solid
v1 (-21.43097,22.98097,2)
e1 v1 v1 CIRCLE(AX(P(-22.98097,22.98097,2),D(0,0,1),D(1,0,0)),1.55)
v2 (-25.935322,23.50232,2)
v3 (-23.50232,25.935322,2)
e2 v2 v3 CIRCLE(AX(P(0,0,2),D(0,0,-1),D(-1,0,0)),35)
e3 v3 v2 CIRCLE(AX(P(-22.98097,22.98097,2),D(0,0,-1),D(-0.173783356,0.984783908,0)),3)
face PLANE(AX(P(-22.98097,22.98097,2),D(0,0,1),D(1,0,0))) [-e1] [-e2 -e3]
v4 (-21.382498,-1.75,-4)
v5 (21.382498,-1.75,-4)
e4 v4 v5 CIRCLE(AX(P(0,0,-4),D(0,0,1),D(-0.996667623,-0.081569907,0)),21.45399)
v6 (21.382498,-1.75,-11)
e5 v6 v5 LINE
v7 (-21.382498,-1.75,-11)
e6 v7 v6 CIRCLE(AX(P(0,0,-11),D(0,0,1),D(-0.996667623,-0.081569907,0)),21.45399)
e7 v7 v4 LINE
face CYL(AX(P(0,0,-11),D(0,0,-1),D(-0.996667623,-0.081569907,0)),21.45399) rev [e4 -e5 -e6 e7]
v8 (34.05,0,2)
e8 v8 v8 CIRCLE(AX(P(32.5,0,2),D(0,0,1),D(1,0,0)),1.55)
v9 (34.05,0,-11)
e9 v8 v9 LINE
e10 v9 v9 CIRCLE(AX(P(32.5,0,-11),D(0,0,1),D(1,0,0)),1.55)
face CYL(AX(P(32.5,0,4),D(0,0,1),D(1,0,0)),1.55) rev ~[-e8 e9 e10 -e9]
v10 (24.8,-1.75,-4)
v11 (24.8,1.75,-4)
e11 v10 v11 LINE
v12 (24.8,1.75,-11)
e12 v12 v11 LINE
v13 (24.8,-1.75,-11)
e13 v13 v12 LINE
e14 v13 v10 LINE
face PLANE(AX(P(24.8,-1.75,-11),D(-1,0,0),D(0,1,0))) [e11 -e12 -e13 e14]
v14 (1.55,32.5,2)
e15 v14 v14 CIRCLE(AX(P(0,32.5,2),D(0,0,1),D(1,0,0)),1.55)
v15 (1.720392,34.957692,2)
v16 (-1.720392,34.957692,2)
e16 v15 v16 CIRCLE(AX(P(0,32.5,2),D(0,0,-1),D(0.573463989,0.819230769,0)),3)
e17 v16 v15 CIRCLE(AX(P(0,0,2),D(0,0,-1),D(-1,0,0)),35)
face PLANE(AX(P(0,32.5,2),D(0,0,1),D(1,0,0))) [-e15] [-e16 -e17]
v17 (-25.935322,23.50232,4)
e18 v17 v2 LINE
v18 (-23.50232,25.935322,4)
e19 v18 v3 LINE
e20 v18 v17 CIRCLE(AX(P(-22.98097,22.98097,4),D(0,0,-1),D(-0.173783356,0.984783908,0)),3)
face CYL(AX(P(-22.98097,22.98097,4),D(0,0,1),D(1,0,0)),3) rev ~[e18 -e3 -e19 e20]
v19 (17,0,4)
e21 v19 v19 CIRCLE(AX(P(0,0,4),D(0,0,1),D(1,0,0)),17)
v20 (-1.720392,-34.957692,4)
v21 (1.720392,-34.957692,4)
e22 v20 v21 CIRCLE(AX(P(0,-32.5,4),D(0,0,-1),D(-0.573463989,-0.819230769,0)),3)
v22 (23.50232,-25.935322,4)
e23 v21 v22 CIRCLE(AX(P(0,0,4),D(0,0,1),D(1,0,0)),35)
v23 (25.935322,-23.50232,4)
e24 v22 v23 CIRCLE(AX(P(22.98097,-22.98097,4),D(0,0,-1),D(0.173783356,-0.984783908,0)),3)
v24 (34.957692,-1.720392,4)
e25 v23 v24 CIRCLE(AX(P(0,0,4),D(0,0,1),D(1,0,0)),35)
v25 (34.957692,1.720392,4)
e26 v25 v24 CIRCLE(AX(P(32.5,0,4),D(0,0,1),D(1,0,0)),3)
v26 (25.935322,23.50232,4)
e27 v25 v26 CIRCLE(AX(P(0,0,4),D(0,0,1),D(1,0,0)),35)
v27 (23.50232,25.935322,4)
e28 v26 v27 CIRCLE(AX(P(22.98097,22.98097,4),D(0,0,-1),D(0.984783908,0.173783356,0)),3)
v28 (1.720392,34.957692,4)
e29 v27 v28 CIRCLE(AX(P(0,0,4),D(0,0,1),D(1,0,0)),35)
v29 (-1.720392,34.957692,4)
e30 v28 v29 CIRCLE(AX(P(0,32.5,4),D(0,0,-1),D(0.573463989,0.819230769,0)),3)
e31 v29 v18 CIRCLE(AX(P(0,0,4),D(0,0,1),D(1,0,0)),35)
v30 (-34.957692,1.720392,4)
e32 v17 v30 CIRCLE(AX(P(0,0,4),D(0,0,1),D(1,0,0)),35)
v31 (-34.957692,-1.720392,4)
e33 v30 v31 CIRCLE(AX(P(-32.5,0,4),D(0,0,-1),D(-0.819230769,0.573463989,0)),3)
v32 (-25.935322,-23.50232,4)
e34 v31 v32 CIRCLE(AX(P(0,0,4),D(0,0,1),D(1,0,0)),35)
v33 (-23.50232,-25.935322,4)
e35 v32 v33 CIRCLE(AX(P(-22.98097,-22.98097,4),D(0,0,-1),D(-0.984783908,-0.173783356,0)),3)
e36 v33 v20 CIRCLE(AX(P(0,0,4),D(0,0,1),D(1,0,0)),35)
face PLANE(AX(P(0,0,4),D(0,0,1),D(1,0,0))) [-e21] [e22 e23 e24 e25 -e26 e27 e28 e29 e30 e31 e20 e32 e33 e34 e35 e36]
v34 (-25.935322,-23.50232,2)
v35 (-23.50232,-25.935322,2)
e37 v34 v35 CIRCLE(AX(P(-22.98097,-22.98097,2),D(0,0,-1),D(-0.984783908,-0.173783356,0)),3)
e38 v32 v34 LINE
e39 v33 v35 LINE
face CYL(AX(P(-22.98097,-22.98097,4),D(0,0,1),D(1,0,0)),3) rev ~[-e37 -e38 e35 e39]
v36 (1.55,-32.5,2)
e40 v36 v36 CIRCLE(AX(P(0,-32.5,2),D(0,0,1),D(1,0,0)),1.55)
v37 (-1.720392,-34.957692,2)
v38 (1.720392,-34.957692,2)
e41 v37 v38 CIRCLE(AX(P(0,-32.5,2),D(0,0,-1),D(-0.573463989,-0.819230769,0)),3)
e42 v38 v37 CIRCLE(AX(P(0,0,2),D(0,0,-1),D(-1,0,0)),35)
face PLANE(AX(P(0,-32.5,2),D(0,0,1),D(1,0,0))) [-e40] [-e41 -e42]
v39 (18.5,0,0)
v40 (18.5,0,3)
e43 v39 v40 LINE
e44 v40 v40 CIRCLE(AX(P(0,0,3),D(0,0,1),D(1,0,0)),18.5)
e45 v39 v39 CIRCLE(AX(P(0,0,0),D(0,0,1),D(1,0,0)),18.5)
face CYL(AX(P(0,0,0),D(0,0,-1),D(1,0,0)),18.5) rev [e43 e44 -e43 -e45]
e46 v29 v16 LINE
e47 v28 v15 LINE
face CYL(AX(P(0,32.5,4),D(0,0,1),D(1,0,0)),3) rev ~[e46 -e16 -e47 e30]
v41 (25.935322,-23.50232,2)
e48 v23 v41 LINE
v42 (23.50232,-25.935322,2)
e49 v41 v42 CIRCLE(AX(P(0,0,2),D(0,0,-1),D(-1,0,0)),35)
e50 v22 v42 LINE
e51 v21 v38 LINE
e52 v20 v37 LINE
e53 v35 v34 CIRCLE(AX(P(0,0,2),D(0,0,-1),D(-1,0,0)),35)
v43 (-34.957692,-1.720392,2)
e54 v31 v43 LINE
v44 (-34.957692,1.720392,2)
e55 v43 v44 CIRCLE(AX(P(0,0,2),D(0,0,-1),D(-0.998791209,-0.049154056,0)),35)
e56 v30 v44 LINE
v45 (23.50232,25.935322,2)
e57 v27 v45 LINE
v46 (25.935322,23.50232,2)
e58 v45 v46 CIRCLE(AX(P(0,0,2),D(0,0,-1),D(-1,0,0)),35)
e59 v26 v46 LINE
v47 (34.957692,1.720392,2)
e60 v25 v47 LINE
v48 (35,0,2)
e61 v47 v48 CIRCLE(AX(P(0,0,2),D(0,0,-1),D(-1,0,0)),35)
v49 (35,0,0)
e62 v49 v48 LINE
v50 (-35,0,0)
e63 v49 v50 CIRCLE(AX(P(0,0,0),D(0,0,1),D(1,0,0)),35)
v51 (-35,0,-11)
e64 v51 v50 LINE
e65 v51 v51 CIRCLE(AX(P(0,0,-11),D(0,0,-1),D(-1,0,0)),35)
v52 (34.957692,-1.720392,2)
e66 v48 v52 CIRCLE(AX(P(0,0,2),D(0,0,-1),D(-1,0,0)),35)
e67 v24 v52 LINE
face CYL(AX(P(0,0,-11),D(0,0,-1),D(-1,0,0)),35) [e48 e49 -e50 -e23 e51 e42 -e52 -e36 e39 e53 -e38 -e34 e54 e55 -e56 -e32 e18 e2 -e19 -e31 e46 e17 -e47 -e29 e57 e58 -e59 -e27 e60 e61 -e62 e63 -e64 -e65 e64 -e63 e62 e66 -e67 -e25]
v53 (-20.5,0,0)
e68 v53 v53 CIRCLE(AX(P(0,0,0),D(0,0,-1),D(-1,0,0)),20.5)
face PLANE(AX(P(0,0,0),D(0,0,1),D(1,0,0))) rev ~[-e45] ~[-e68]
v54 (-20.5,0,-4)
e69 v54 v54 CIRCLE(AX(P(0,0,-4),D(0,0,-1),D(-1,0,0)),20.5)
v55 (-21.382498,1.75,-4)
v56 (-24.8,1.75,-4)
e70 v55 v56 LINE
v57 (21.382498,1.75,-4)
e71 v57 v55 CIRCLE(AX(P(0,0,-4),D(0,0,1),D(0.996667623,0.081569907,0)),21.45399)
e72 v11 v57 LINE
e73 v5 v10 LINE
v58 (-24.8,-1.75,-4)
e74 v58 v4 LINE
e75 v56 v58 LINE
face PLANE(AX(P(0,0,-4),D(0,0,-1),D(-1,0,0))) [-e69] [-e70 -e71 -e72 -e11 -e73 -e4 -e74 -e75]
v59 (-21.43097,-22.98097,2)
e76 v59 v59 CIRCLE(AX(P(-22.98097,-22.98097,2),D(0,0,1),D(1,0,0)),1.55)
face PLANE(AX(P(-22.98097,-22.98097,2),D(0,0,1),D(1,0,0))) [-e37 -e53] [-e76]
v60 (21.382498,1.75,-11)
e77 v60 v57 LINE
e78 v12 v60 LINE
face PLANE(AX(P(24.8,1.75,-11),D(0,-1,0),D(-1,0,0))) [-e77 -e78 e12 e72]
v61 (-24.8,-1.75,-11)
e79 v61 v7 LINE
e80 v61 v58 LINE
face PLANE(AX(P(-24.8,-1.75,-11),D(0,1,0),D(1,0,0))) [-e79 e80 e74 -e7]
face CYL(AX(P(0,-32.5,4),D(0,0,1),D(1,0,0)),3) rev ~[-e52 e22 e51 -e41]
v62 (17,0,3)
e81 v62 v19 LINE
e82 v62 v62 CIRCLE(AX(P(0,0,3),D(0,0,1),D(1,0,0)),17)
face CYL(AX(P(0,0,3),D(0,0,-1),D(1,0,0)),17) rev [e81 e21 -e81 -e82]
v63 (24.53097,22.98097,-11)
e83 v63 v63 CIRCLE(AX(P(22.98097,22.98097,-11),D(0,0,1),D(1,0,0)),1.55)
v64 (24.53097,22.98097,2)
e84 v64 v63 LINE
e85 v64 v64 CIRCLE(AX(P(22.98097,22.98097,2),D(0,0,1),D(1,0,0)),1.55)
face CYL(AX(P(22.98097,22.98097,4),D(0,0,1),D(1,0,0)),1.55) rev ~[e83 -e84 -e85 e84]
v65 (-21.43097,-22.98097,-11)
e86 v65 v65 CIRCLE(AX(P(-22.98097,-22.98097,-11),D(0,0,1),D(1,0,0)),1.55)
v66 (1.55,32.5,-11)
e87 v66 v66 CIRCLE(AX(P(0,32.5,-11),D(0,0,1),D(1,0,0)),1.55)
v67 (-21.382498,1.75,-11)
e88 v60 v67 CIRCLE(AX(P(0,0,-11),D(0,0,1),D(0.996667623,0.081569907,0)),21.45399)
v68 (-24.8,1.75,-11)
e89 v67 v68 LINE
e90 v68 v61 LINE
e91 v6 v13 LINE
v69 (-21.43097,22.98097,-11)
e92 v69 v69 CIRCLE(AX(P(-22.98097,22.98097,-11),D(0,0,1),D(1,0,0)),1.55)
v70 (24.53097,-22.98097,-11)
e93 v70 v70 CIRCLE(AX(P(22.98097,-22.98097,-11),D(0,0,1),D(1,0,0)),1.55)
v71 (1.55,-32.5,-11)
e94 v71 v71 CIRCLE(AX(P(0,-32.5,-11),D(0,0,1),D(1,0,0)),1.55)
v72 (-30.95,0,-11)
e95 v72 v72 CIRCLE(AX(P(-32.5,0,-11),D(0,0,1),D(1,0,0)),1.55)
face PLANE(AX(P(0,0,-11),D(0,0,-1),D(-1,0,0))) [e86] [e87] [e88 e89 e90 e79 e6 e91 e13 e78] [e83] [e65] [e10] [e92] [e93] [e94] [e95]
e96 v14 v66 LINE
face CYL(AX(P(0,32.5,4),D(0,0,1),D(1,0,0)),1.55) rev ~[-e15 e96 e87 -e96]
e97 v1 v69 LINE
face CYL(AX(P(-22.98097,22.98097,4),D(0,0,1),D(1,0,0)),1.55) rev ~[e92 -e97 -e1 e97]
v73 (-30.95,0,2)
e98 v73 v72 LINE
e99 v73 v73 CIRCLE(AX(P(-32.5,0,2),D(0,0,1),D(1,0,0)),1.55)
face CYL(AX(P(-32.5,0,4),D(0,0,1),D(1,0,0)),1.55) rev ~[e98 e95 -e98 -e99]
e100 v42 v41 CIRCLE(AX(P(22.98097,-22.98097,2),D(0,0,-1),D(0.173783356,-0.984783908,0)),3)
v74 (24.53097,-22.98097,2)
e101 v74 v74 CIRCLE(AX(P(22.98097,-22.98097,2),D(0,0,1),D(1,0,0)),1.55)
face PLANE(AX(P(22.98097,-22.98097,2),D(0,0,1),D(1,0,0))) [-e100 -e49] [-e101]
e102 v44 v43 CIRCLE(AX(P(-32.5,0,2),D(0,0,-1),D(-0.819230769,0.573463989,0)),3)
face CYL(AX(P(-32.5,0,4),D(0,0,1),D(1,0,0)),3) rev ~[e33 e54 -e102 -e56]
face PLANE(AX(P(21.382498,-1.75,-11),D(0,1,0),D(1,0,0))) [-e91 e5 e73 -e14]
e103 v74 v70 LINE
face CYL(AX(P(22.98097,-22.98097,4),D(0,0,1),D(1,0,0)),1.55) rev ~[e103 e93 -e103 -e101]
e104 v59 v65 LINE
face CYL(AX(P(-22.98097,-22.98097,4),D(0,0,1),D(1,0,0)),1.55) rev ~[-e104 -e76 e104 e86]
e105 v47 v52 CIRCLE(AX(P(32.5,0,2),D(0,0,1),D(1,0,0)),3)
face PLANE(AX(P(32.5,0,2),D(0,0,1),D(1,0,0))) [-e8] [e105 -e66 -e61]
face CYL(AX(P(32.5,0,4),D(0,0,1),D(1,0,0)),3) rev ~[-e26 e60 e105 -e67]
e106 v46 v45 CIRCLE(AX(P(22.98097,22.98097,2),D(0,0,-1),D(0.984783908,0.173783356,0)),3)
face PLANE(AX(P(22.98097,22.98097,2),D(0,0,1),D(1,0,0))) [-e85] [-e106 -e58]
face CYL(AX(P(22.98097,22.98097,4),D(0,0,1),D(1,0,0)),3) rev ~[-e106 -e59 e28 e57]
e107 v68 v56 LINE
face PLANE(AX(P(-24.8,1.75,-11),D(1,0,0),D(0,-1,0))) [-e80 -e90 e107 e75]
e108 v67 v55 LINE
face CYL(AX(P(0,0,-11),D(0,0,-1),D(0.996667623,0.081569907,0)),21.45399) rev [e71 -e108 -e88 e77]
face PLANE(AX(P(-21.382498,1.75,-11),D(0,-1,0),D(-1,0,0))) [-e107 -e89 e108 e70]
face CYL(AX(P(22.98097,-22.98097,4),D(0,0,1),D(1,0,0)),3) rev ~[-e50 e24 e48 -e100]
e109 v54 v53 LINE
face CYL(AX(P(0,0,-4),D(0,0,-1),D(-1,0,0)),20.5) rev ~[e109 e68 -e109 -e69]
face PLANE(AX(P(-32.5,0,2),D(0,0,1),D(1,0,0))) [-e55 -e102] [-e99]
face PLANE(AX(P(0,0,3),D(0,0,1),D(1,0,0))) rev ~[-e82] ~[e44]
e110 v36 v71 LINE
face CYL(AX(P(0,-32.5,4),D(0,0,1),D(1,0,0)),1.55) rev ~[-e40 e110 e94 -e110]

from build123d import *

# Parameters (mm, degrees)
SKETCH_1_R          = 35
SKETCH_1_R_2        = 18.5
EXTRUDE_1_DEPTH     = 3
SKETCH_5_R          = 35
SKETCH_5_R_2        = 17
EXTRUDE_3_DEPTH     = 1
EXTRUDE_START       = 4
SKETCH_7_R          = 35
SKETCH_7_R_2        = 21.45
EXTRUDE_4_DEPTH     = 4
EXTRUDE_START_2     = 7
SKETCH_9_R          = 35
EXTRUDE_6_DEPTH     = 7
SKETCH_12_R         = 1.55
CUT_EXTRUDE_1_DEPTH = 52.720402164
SKETCH_13_R         = 3
CUT_EXTRUDE_2_DEPTH = 2
SKETCH_15_R         = 1.55
CUT_EXTRUDE_3_DEPTH = 52.720402164
SKETCH_16_R         = 3
CUT_EXTRUDE_4_DEPTH = 2
SKETCH_17_R         = 21.45
SKETCH_17_R_2       = 20.5
EXTRUDE_7_DEPTH     = 4


with BuildPart() as part:
    # 草图1 → 凸台-拉伸1 (new body)
    with BuildSketch(Plane.XY):
        Circle(SKETCH_1_R)
        Circle(SKETCH_1_R_2, mode=Mode.SUBTRACT)
    extrude(amount=EXTRUDE_1_DEPTH)

    # 草图5 → 凸台-拉伸3 (add)
    with BuildSketch(Plane.XY.offset(3)):
        Circle(SKETCH_5_R)
        Circle(SKETCH_5_R_2, mode=Mode.SUBTRACT)
    extrude(amount=EXTRUDE_3_DEPTH)

    # 草图7 → 凸台-拉伸4 (add)
    with BuildSketch(Plane(origin=(0, 0, 0), x_dir=(-1, 0, 0), z_dir=(0, 0, -1)).offset(EXTRUDE_START)):
        Circle(SKETCH_7_R)
        Circle(SKETCH_7_R_2, mode=Mode.SUBTRACT)
    extrude(amount=-EXTRUDE_4_DEPTH)

    # 草图9 → 凸台-拉伸6 (add)
    with BuildSketch(Plane(origin=(0, 0, -4), x_dir=(-1, 0, 0), z_dir=(0, 0, -1)).offset(EXTRUDE_START_2)):
        Circle(SKETCH_9_R)
        with BuildLine():
            Line((24.8, 1.75), (24.8, 0))
            Line((24.8, 0), (24.8, -1.75))
            Line((24.8, -1.75), (21.382497565, -1.75))
            ThreePointArc((21.382497565, -1.75), (0, -21.453990354), (-21.382497565, -1.75))
            Line((-21.382497565, -1.75), (-24.8, -1.75))
            Line((-24.8, -1.75), (-24.8, 1.75))
            Line((-24.8, 1.75), (-21.382497565, 1.75))
            ThreePointArc((-21.382497565, 1.75), (0, 21.453990354), (21.382497565, 1.75))
            Line((21.382497565, 1.75), (24.8, 1.75))
        make_face(mode=Mode.SUBTRACT)
    extrude(amount=-EXTRUDE_6_DEPTH)

    # 草图12 → 切除-拉伸1 (cut, through all)
    with BuildSketch(Plane.XY.offset(4)):
        with Locations((0, 32.5)):
            Circle(SKETCH_12_R)
        with Locations((-32.5, 0)):
            Circle(SKETCH_12_R)
        with Locations((0, -32.5)):
            Circle(SKETCH_12_R)
        with Locations((32.5, 0)):
            Circle(SKETCH_12_R)
    extrude(amount=-CUT_EXTRUDE_1_DEPTH, mode=Mode.SUBTRACT)

    # 草图13 → 切除-拉伸2 (cut)
    with BuildSketch(Plane.XY.offset(4)):
        with Locations((0, 32.5)):
            Circle(SKETCH_13_R)
        with Locations((32.5, 0)):
            Circle(SKETCH_13_R)
        with Locations((0, -32.5)):
            Circle(SKETCH_13_R)
        with Locations((-32.5, 0)):
            Circle(SKETCH_13_R)
    extrude(amount=-CUT_EXTRUDE_2_DEPTH, mode=Mode.SUBTRACT)

    # 草图15 → 切除-拉伸3 (cut, through all)
    with BuildSketch(Plane.XY.offset(4)):
        with Locations((22.980970389, 22.980970389)):
            Circle(SKETCH_15_R)
        with Locations((22.980970389, -22.980970389)):
            Circle(SKETCH_15_R)
        with Locations((-22.980970389, -22.980970389)):
            Circle(SKETCH_15_R)
        with Locations((-22.980970389, 22.980970389)):
            Circle(SKETCH_15_R)
    extrude(amount=-CUT_EXTRUDE_3_DEPTH, mode=Mode.SUBTRACT)

    # 草图16 → 切除-拉伸4 (cut)
    with BuildSketch(Plane.XY.offset(4)):
        with Locations((22.980970389, 22.980970389)):
            Circle(SKETCH_16_R)
        with Locations((22.980970389, -22.980970389)):
            Circle(SKETCH_16_R)
        with Locations((-22.980970389, -22.980970389)):
            Circle(SKETCH_16_R)
        with Locations((-22.980970389, 22.980970389)):
            Circle(SKETCH_16_R)
    extrude(amount=-CUT_EXTRUDE_4_DEPTH, mode=Mode.SUBTRACT)

    # 草图17 → 凸台-拉伸7 (add)
    with BuildSketch(Plane(origin=(0, 0, 0), x_dir=(-1, 0, 0), z_dir=(0, 0, -1)).offset(EXTRUDE_START)):
        Circle(SKETCH_17_R)
        Circle(SKETCH_17_R_2, mode=Mode.SUBTRACT)
    extrude(amount=-EXTRUDE_7_DEPTH)


solid = part.part
